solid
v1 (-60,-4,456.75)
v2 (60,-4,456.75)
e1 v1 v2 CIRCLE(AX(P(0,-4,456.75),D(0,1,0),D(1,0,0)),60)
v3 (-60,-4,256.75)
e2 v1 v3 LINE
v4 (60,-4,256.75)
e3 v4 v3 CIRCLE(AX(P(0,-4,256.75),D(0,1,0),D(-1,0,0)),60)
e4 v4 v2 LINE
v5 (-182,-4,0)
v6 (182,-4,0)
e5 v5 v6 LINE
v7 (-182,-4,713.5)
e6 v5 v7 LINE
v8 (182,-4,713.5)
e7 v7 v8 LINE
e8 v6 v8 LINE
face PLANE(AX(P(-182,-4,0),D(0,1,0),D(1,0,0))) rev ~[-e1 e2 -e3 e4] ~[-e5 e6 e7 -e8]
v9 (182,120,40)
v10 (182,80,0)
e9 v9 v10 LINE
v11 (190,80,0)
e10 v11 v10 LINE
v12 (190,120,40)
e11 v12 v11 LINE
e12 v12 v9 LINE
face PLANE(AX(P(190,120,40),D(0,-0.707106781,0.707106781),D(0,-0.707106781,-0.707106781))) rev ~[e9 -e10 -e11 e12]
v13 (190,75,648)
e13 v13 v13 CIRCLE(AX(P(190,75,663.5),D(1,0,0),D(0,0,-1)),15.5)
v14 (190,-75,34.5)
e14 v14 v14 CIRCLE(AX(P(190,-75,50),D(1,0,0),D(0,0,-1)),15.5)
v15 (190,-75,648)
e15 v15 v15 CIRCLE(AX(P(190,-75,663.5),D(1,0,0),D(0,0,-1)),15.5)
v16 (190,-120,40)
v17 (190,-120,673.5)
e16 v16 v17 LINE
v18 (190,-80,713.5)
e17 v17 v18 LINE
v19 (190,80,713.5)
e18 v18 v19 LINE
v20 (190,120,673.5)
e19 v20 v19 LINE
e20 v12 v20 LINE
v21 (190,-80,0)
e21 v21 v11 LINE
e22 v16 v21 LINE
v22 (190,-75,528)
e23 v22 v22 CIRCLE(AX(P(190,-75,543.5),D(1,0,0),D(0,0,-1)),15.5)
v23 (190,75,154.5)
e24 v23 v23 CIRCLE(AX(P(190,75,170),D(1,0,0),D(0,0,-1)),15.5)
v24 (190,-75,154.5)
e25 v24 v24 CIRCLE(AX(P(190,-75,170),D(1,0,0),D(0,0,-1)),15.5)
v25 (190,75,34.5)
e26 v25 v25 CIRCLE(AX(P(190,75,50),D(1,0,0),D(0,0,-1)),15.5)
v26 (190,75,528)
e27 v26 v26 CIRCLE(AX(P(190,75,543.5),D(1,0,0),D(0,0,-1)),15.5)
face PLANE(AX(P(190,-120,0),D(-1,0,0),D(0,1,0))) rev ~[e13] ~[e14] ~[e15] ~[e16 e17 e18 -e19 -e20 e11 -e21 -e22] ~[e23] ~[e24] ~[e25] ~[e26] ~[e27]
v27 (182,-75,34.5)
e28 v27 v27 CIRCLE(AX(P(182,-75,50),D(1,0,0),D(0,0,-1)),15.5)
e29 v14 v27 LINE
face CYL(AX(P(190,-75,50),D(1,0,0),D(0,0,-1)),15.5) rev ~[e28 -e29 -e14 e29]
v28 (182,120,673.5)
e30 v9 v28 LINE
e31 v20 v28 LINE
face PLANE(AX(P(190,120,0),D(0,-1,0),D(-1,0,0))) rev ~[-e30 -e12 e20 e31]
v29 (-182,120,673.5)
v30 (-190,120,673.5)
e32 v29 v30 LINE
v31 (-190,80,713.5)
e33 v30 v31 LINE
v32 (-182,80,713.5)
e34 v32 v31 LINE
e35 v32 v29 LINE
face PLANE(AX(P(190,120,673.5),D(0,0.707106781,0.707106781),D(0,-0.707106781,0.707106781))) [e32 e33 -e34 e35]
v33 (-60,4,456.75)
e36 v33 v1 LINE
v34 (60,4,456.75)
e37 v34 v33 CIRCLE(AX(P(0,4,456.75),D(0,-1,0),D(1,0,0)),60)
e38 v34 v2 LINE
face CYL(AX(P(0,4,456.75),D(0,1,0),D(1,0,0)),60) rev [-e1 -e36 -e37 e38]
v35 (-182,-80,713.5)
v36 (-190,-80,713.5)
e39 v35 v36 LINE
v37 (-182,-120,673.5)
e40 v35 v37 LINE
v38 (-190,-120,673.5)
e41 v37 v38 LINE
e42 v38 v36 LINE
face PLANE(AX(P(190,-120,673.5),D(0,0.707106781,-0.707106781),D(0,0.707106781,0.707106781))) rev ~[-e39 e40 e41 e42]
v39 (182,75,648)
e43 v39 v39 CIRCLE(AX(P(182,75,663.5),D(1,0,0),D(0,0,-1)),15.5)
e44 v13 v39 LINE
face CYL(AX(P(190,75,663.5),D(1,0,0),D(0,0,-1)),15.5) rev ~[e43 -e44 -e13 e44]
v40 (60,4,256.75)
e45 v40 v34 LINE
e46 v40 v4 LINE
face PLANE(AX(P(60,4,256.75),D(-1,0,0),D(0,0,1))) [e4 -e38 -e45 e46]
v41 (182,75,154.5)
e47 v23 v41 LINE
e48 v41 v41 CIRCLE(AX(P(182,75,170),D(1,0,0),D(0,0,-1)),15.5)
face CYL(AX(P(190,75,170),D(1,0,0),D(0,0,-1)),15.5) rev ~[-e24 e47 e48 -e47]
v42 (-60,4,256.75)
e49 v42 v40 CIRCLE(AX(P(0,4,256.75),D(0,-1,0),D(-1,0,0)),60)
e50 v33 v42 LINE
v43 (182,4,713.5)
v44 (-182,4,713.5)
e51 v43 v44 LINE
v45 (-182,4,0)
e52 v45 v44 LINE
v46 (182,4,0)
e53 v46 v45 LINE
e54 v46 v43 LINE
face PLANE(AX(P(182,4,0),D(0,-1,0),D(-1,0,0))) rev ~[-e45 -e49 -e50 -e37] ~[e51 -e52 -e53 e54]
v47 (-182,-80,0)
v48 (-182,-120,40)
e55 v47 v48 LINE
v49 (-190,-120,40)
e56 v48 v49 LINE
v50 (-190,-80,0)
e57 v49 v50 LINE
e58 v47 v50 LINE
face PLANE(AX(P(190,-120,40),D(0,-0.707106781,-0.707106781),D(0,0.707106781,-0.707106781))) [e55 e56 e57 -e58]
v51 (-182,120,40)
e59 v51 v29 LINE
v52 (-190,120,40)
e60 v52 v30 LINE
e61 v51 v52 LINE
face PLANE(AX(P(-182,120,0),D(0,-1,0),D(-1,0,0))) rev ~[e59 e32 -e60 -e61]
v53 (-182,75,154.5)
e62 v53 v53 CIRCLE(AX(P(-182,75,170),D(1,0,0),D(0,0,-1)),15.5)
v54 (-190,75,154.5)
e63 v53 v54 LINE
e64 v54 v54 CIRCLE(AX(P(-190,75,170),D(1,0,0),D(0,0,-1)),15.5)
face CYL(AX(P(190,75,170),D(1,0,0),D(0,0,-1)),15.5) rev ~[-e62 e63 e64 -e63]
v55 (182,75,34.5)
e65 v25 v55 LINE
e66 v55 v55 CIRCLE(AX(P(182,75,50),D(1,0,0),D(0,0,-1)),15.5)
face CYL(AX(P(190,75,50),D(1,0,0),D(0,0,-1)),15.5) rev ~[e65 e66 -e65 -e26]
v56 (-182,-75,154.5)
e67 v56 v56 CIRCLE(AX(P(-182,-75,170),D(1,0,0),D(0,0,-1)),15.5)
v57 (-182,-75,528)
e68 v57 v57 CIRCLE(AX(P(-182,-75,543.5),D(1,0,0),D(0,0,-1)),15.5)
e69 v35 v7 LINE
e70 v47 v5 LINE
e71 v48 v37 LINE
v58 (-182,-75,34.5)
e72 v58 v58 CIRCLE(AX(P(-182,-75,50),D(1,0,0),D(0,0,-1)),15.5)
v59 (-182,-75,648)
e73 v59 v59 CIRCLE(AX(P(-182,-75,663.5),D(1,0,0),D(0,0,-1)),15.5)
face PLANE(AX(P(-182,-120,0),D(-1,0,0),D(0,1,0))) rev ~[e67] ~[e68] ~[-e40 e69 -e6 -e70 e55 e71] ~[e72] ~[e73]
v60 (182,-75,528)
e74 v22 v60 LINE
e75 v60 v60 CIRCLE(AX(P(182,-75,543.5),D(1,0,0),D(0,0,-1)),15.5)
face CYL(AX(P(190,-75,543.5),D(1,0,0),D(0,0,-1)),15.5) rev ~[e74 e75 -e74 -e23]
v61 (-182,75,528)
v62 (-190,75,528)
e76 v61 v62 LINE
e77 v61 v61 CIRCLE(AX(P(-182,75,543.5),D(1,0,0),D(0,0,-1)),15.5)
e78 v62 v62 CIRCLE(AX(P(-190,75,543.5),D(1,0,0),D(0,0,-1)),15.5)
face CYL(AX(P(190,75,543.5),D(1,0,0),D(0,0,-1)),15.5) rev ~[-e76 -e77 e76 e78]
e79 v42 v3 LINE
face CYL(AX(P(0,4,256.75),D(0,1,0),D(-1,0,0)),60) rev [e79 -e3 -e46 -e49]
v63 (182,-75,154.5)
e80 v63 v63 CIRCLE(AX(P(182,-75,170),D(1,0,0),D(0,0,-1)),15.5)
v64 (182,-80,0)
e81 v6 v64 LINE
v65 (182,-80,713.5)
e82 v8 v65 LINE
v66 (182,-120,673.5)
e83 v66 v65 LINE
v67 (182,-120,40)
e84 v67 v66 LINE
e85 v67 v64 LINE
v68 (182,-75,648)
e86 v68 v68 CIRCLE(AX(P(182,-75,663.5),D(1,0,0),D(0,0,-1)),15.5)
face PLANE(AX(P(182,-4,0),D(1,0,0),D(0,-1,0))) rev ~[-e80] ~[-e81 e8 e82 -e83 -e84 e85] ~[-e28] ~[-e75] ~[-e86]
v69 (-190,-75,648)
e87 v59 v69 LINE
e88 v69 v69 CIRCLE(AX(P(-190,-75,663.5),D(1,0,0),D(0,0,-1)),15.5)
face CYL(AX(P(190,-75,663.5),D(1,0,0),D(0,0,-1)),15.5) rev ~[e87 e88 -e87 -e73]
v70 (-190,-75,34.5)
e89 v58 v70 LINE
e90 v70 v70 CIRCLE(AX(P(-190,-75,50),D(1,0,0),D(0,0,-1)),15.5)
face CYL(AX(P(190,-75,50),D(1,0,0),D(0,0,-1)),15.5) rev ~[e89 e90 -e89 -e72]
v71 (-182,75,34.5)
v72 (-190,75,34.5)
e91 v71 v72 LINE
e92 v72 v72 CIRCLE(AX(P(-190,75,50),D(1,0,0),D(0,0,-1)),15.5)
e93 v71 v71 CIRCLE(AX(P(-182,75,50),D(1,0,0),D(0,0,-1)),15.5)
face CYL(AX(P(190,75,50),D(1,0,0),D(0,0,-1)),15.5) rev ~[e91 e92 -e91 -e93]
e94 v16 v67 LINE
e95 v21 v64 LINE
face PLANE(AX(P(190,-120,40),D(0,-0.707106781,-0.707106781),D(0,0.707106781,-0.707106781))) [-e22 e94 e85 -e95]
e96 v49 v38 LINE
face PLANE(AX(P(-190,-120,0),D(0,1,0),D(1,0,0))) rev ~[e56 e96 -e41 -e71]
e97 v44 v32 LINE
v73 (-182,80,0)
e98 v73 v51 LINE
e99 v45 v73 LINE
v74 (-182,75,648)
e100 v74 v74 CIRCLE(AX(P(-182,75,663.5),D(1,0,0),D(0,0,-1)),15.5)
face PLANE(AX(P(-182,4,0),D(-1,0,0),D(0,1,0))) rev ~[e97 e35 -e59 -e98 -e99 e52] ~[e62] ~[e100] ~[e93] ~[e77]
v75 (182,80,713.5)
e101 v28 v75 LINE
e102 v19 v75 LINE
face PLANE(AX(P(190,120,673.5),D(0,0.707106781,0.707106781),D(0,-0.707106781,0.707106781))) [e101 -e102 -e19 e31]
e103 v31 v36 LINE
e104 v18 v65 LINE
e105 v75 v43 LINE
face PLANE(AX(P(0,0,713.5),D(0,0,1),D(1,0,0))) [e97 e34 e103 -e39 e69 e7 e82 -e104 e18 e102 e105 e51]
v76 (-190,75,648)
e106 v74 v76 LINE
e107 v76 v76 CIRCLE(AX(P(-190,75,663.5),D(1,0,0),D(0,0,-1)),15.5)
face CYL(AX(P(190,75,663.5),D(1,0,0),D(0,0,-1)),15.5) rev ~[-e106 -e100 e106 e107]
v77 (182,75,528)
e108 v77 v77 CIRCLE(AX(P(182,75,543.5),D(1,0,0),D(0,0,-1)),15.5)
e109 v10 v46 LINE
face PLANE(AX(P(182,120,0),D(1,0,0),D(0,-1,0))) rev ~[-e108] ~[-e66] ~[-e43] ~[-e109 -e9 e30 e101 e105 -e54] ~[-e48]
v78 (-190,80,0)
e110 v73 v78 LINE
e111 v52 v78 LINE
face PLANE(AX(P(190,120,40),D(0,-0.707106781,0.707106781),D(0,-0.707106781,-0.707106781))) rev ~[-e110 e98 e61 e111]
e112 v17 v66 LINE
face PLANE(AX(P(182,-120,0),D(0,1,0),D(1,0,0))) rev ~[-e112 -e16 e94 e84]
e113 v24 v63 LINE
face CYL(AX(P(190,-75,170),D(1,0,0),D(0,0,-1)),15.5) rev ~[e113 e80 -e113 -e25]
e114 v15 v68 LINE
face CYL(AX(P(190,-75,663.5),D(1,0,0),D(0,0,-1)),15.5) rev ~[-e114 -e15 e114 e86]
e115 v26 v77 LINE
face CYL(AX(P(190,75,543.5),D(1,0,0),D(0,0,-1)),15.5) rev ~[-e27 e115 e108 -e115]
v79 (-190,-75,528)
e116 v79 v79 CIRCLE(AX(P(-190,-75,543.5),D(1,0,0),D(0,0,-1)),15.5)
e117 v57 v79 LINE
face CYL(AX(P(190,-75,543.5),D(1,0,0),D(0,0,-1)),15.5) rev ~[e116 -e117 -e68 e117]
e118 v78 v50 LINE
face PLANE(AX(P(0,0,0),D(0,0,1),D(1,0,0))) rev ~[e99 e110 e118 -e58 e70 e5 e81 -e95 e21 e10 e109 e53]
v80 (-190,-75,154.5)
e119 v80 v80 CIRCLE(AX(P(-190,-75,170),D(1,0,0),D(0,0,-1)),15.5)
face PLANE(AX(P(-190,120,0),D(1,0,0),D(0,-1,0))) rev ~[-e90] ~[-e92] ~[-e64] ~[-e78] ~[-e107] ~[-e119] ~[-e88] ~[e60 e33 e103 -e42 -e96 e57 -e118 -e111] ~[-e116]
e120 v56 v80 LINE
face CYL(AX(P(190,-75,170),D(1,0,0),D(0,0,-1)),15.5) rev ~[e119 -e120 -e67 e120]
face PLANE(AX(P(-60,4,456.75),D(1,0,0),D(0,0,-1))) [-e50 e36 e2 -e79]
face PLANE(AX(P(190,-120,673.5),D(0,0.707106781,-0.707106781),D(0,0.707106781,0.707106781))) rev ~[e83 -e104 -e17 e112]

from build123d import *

# Parameters (mm, degrees)
EXTRUDE_1_DEPTH     = 713.5
SKETCH_2_R          = 15.5
CUT_EXTRUDE_2_DEPTH = 818.240631638
CUT_EXTRUDE_3_DEPTH = 749.704380914


with BuildPart() as part:
    # 草图1 → 拉伸1 (new body)
    with BuildSketch(Plane.XY):
        Polygon((-182, 120), (-190, 120), (-190, -120), (-182, -120), (-182, -4), (182, -4), (182, -120), (190, -120), (190, 120), (182, 120), (182, 4), (-182, 4), align=None)
    extrude(amount=EXTRUDE_1_DEPTH)

    # 草图2 → 拉伸2 (cut, through all)
    with BuildSketch(Plane(origin=(190, 0, 0), x_dir=(0, 0, -1), z_dir=(1, 0, 0))):
        with Locations((-663.5, 75)):
            Circle(SKETCH_2_R)
        with Locations((-543.5, 75)):
            Circle(SKETCH_2_R)
        with Locations((-663.5, -75)):
            Circle(SKETCH_2_R)
        with Locations((-543.5, -75)):
            Circle(SKETCH_2_R)
        with Locations((-170, 75)):
            Circle(SKETCH_2_R)
        with Locations((-50, 75)):
            Circle(SKETCH_2_R)
        with Locations((-50, -75)):
            Circle(SKETCH_2_R)
        with Locations((-170, -75)):
            Circle(SKETCH_2_R)
        Polygon((-673.5, 120), (-713.5, 80), (-713.5, 120), align=None)
        Polygon((-40, 120), (0, 80), (0, 120), align=None)
        Polygon((-40, -120), (0, -80), (0, -120), align=None)
        Polygon((-673.5, -120), (-713.5, -80), (-713.5, -120), align=None)
    extrude(amount=-CUT_EXTRUDE_2_DEPTH, mode=Mode.SUBTRACT)

    # 草图3 → 拉伸3 (cut, through all)
    with BuildSketch(Plane(origin=(0, 4, 0), x_dir=(1, 0, 0), z_dir=(0, 1, 0))):
        with BuildLine():
            Line((60, -256.75), (60, -456.75))
            ThreePointArc((60, -456.75), (0, -516.75), (-60, -456.75))
            Line((-60, -456.75), (-60, -256.75))
            ThreePointArc((-60, -256.75), (0, -196.75), (60, -256.75))
        make_face()
    extrude(amount=-CUT_EXTRUDE_3_DEPTH, mode=Mode.SUBTRACT)


solid = part.part
